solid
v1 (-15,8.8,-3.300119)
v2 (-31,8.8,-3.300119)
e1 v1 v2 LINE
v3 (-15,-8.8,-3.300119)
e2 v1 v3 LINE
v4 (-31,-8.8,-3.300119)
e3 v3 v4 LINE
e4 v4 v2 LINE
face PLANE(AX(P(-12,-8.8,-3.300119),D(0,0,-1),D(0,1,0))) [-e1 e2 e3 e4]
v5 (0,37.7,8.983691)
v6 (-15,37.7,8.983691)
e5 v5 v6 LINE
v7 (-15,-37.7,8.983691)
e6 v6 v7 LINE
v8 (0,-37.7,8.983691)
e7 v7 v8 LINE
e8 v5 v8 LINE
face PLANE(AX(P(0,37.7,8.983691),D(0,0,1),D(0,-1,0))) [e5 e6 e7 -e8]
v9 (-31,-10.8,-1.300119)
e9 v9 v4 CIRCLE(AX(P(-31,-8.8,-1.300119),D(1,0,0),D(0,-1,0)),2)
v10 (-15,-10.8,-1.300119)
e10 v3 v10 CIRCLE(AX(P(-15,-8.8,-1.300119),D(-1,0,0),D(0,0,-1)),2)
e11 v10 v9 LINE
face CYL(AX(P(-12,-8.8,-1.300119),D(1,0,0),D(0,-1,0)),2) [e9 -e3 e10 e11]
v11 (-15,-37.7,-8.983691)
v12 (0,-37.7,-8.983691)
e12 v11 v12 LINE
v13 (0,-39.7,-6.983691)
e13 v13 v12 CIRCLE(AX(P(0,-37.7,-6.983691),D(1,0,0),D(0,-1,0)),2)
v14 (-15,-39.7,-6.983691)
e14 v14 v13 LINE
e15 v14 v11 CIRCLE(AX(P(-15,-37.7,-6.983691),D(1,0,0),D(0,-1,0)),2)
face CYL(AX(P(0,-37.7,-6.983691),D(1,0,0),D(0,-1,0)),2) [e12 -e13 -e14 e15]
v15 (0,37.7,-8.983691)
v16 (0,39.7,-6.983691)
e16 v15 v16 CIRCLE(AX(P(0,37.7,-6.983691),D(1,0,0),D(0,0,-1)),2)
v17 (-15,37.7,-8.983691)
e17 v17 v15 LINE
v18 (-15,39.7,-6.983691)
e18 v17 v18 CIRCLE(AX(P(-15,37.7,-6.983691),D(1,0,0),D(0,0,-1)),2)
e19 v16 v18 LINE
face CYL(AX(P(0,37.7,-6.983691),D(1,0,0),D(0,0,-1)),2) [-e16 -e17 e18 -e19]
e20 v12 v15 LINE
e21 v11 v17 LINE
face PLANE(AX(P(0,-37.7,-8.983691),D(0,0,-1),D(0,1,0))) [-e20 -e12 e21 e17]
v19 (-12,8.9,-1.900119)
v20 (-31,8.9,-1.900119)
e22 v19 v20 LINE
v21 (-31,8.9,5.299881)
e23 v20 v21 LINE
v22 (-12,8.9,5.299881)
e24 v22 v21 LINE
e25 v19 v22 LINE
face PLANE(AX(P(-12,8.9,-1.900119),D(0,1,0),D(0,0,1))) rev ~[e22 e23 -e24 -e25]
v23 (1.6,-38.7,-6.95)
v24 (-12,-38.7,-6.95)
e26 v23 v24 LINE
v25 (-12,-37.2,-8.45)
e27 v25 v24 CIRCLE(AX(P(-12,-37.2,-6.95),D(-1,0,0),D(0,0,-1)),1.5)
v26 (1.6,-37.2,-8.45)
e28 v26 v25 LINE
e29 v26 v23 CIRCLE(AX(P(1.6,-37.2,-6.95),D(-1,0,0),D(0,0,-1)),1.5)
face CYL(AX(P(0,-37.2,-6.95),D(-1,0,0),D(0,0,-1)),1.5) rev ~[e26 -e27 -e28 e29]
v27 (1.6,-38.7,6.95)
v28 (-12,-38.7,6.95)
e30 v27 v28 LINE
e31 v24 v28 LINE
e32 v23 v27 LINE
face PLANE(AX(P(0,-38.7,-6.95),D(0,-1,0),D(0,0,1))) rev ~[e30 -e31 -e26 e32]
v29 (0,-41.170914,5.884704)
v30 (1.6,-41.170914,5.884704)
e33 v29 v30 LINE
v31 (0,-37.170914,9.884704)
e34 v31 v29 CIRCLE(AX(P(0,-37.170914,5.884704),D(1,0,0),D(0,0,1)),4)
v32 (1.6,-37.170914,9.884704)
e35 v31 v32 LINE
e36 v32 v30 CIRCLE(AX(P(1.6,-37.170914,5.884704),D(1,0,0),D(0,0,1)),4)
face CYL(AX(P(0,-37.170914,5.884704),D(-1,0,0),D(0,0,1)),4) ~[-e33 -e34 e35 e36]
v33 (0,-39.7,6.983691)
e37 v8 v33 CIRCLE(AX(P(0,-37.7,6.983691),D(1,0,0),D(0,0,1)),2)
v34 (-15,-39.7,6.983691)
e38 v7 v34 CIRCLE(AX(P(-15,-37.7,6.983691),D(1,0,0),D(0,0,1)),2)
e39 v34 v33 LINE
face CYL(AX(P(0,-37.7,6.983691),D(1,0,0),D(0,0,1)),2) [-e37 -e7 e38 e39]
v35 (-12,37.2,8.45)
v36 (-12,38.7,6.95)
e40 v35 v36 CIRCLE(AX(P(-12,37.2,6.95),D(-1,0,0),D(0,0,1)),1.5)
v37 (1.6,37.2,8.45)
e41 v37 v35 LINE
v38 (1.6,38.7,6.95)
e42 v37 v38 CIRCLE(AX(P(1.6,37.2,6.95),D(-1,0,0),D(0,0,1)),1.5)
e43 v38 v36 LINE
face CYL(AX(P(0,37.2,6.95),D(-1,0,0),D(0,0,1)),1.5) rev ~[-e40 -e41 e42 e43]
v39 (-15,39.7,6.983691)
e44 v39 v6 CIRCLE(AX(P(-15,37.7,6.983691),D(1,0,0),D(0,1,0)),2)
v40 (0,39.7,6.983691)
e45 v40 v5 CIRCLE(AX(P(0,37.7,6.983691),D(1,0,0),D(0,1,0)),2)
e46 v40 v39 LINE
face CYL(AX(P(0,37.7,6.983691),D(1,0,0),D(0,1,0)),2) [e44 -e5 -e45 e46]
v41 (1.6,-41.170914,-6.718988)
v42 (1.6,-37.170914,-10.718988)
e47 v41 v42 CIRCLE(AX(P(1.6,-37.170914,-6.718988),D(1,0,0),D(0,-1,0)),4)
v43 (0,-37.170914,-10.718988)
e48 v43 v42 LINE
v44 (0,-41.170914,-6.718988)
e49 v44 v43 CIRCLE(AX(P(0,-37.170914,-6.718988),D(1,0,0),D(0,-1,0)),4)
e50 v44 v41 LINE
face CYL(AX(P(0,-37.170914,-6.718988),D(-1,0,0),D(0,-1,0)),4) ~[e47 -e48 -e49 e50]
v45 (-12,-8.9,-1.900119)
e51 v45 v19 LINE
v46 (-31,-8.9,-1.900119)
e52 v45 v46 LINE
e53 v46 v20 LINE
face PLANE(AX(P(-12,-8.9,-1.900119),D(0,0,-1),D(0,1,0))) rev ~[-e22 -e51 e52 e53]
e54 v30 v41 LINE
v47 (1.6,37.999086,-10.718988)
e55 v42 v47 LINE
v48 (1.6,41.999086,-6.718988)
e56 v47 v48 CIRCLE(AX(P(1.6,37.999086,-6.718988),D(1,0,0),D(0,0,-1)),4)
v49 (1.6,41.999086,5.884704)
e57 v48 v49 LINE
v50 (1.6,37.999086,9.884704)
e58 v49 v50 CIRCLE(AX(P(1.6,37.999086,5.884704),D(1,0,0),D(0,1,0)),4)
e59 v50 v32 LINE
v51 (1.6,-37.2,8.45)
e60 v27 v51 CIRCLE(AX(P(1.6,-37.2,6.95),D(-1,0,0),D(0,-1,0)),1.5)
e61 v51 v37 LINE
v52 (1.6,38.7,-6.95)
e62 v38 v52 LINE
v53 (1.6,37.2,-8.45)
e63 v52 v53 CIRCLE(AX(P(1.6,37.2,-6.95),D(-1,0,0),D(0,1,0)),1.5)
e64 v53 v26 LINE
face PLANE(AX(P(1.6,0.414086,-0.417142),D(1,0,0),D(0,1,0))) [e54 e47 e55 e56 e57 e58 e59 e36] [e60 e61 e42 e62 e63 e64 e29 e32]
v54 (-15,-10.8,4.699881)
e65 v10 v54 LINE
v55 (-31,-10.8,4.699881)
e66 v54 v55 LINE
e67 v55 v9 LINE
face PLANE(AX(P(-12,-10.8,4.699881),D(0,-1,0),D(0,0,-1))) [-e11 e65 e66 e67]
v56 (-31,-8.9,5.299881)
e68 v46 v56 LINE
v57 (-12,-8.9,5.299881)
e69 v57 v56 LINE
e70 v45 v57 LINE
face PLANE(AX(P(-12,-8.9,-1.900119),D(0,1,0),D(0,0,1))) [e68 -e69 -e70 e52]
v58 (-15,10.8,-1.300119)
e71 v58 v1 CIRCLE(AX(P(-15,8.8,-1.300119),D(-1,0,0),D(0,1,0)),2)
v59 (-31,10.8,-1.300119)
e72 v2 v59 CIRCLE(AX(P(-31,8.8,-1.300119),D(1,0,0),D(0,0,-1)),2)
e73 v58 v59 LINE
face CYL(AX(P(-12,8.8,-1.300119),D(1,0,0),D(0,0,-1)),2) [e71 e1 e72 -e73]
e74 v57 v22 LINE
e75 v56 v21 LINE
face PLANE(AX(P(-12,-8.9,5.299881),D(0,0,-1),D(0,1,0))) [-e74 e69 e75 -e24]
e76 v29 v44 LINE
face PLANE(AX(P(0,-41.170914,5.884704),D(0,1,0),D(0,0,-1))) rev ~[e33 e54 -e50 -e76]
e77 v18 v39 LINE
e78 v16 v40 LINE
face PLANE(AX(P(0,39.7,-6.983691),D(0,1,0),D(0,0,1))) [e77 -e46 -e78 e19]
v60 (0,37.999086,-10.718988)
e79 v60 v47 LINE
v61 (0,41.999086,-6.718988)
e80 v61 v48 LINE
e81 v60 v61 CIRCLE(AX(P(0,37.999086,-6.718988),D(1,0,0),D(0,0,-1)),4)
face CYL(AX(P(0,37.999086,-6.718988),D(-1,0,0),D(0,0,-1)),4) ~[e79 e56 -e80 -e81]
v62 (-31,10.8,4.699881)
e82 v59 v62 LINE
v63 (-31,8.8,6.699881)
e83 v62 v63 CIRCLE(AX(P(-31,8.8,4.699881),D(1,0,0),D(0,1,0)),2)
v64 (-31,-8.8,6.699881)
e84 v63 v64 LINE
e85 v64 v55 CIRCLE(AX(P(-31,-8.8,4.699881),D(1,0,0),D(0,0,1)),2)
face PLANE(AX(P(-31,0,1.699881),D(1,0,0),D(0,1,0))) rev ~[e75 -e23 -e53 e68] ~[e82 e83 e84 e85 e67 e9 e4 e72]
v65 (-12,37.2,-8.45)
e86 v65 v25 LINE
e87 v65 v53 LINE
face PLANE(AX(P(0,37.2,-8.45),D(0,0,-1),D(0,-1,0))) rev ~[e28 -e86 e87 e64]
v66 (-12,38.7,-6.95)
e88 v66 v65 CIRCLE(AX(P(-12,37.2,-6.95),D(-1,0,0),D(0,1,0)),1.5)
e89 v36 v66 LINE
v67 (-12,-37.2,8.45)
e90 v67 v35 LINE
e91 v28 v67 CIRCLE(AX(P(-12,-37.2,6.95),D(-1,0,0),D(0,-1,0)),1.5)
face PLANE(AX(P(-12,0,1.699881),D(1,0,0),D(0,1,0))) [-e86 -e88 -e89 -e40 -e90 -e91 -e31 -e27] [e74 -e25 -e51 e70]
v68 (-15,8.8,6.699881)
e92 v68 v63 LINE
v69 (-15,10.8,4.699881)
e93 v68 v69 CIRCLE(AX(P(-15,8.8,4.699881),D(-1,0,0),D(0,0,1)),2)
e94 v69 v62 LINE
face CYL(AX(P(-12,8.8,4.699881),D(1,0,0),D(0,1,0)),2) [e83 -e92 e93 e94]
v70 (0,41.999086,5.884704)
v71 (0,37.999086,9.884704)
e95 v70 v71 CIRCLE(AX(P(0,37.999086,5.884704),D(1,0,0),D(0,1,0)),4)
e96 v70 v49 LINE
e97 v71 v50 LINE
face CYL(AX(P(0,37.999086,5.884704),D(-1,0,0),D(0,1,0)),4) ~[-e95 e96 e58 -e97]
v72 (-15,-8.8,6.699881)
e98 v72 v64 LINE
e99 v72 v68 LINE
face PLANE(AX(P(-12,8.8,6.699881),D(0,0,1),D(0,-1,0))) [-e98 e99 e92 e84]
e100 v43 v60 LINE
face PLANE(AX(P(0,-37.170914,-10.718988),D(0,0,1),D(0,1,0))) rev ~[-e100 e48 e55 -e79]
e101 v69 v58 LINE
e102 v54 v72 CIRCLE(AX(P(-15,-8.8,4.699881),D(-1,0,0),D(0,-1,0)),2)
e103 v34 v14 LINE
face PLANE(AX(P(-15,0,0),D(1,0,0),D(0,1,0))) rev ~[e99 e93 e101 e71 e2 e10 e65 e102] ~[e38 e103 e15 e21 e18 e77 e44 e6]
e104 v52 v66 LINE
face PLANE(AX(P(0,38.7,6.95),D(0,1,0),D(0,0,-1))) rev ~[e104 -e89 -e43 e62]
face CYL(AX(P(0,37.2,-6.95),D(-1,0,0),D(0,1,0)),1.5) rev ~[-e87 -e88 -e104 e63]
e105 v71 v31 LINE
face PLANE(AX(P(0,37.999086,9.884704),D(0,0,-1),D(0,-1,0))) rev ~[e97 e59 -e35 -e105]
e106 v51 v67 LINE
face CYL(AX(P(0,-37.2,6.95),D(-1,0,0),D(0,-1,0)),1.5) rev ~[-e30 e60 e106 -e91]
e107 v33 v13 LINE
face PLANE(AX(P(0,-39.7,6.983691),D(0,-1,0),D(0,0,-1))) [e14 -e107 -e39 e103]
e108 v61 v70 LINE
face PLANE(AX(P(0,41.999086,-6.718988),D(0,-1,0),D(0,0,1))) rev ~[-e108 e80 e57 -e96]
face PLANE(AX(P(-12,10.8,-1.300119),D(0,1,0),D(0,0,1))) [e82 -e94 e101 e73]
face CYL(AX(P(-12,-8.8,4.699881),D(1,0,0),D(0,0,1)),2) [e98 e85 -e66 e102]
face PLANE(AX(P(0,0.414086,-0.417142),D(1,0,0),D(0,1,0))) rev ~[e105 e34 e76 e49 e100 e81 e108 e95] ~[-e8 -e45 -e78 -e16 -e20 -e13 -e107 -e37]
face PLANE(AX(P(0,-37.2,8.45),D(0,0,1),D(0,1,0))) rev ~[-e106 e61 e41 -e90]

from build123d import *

# Parameters (mm, degrees)
F1_DEPTH = 13
F2_DEPTH = 1.6
F3_START = -12
F3_DEPTH = 3
F4_START = -12
F0_W     = 17.8
F0_H     = 7.2
F4_DEPTH = 19


with BuildPart() as f1:
    # F0 (on Right) → F1 (new body)
    with BuildSketch(Plane.YZ):
        with BuildLine():
            Line((37.7, 8.983691223), (-36.7, 8.983691223))
            Line((-36.7, 8.983691223), (-37.7, 8.983691223))
            ThreePointArc((-37.7, 8.983691223), (-39.1142135624, 8.3979047853), (-39.7, 6.983691223))
            Line((-39.7, 6.983691223), (-39.7, 5.983691223))
            Line((-39.7, 5.983691223), (-39.7, -6.983691223))
            ThreePointArc((-39.7, -6.983691223), (-39.1142135624, -8.3979047853), (-37.7, -8.983691223))
            Line((-37.7, -8.983691223), (37.7, -8.983691223))
            ThreePointArc((37.7, -8.983691223), (39.1142135624, -8.3979047853), (39.7, -6.983691223))
            Line((39.7, -6.983691223), (39.7, 6.983691223))
            ThreePointArc((39.7, 6.983691223), (39.1142135624, 8.3979047853), (37.7, 8.983691223))
        make_face()
        with BuildLine():
            Line((37.2, -8.45), (-37.2, -8.45))
            ThreePointArc((-37.2, -8.45), (-38.2606601718, -8.0106601718), (-38.7, -6.95))
            Line((-38.7, -6.95), (-38.7, 6.95))
            ThreePointArc((-38.7, 6.95), (-38.2606601718, 8.0106601718), (-37.2, 8.45))
            Line((-37.2, 8.45), (37.2, 8.45))
            ThreePointArc((37.2, 8.45), (38.2606601718, 8.0106601718), (38.7, 6.95))
            Line((38.7, 6.95), (38.7, -6.95))
            ThreePointArc((38.7, -6.95), (38.2606601718, -8.0106601718), (37.2, -8.45))
        make_face(mode=Mode.SUBTRACT)
    extrude(amount=-F1_DEPTH)

    # F0 (on Right) → F2 (join)
    with BuildSketch(Plane.YZ):
        with BuildLine():
            ThreePointArc((-41.17091404, -6.71898761), (-39.9993411647, -9.5474147347), (-37.17091404, -10.71898761))
            Line((-37.17091404, -10.71898761), (37.99908596, -10.71898761))
            ThreePointArc((37.99908596, -10.71898761), (40.8275130848, -9.5474147347), (41.99908596, -6.71898761))
            Line((41.99908596, -6.71898761), (41.99908596, 5.884703613))
            ThreePointArc((41.99908596, 5.884703613), (40.8275130848, 8.7131307377), (37.99908596, 9.884703613))
            Line((37.99908596, 9.884703613), (-37.17091404, 9.884703613))
            ThreePointArc((-37.17091404, 9.884703613), (-39.9993411647, 8.7131307377), (-41.17091404, 5.884703613))
            Line((-41.17091404, 5.884703613), (-41.17091404, -6.71898761))
        make_face()
        with BuildLine():
            Line((-37.7, 8.983691223), (-36.7, 8.983691223))
            Line((-36.7, 8.983691223), (37.7, 8.983691223))
            ThreePointArc((37.7, 8.983691223), (39.1142135624, 8.3979047853), (39.7, 6.983691223))
            Line((39.7, 6.983691223), (39.7, -6.983691223))
            ThreePointArc((39.7, -6.983691223), (39.1142135624, -8.3979047853), (37.7, -8.983691223))
            Line((37.7, -8.983691223), (-37.7, -8.983691223))
            ThreePointArc((-37.7, -8.983691223), (-39.1142135624, -8.3979047853), (-39.7, -6.983691223))
            Line((-39.7, -6.983691223), (-39.7, 5.983691223))
            Line((-39.7, 5.983691223), (-39.7, 6.983691223))
            ThreePointArc((-39.7, 6.983691223), (-39.1142135624, 8.3979047853), (-37.7, 8.983691223))
        make_face(mode=Mode.SUBTRACT)
        with BuildLine():
            Line((37.7, 8.983691223), (-36.7, 8.983691223))
            Line((-36.7, 8.983691223), (-37.7, 8.983691223))
            ThreePointArc((-37.7, 8.983691223), (-39.1142135624, 8.3979047853), (-39.7, 6.983691223))
            Line((-39.7, 6.983691223), (-39.7, 5.983691223))
            Line((-39.7, 5.983691223), (-39.7, -6.983691223))
            ThreePointArc((-39.7, -6.983691223), (-39.1142135624, -8.3979047853), (-37.7, -8.983691223))
            Line((-37.7, -8.983691223), (37.7, -8.983691223))
            ThreePointArc((37.7, -8.983691223), (39.1142135624, -8.3979047853), (39.7, -6.983691223))
            Line((39.7, -6.983691223), (39.7, 6.983691223))
            ThreePointArc((39.7, 6.983691223), (39.1142135624, 8.3979047853), (37.7, 8.983691223))
        make_face()
        with BuildLine():
            Line((37.2, -8.45), (-37.2, -8.45))
            ThreePointArc((-37.2, -8.45), (-38.2606601718, -8.0106601718), (-38.7, -6.95))
            Line((-38.7, -6.95), (-38.7, 6.95))
            ThreePointArc((-38.7, 6.95), (-38.2606601718, 8.0106601718), (-37.2, 8.45))
            Line((-37.2, 8.45), (37.2, 8.45))
            ThreePointArc((37.2, 8.45), (38.2606601718, 8.0106601718), (38.7, 6.95))
            Line((38.7, 6.95), (38.7, -6.95))
            ThreePointArc((38.7, -6.95), (38.2606601718, -8.0106601718), (37.2, -8.45))
        make_face(mode=Mode.SUBTRACT)
    extrude(amount=F2_DEPTH)

    # F0 (on Right) → F3 (join)
    with BuildSketch(Plane.YZ.offset(F3_START)):
        with BuildLine():
            Line((37.7, 8.983691223), (-36.7, 8.983691223))
            Line((-36.7, 8.983691223), (-37.7, 8.983691223))
            ThreePointArc((-37.7, 8.983691223), (-39.1142135624, 8.3979047853), (-39.7, 6.983691223))
            Line((-39.7, 6.983691223), (-39.7, 5.983691223))
            Line((-39.7, 5.983691223), (-39.7, -6.983691223))
            ThreePointArc((-39.7, -6.983691223), (-39.1142135624, -8.3979047853), (-37.7, -8.983691223))
            Line((-37.7, -8.983691223), (37.7, -8.983691223))
            ThreePointArc((37.7, -8.983691223), (39.1142135624, -8.3979047853), (39.7, -6.983691223))
            Line((39.7, -6.983691223), (39.7, 6.983691223))
            ThreePointArc((39.7, 6.983691223), (39.1142135624, 8.3979047853), (37.7, 8.983691223))
        make_face()
        with BuildLine():
            Line((37.2, -8.45), (-37.2, -8.45))
            ThreePointArc((-37.2, -8.45), (-38.2606601718, -8.0106601718), (-38.7, -6.95))
            Line((-38.7, -6.95), (-38.7, 6.95))
            ThreePointArc((-38.7, 6.95), (-38.2606601718, 8.0106601718), (-37.2, 8.45))
            Line((-37.2, 8.45), (37.2, 8.45))
            ThreePointArc((37.2, 8.45), (38.2606601718, 8.0106601718), (38.7, 6.95))
            Line((38.7, 6.95), (38.7, -6.95))
            ThreePointArc((38.7, -6.95), (38.2606601718, -8.0106601718), (37.2, -8.45))
        make_face(mode=Mode.SUBTRACT)
        with BuildLine():
            ThreePointArc((-38.7, -6.95), (-38.2606601718, -8.0106601718), (-37.2, -8.45))
            Line((-37.2, -8.45), (37.2, -8.45))
            ThreePointArc((37.2, -8.45), (38.2606601718, -8.0106601718), (38.7, -6.95))
            Line((38.7, -6.95), (38.7, 6.95))
            ThreePointArc((38.7, 6.95), (38.2606601718, 8.0106601718), (37.2, 8.45))
            Line((37.2, 8.45), (-37.2, 8.45))
            ThreePointArc((-37.2, 8.45), (-38.2606601718, 8.0106601718), (-38.7, 6.95))
            Line((-38.7, 6.95), (-38.7, -6.95))
        make_face()
        with BuildLine():
            ThreePointArc((10.8, -1.3001189455), (10.2142135624, -2.7143325079), (8.8, -3.3001189455))
            Line((8.8, -3.3001189455), (-8.8, -3.3001189455))
            ThreePointArc((-8.8, -3.3001189455), (-10.2142135624, -2.7143325079), (-10.8, -1.3001189455))
            Line((-10.8, -1.3001189455), (-10.8, 4.6998810545))
            ThreePointArc((-10.8, 4.6998810545), (-10.2142135624, 6.1140946168), (-8.8, 6.6998810545))
            Line((-8.8, 6.6998810545), (8.8, 6.6998810545))
            ThreePointArc((8.8, 6.6998810545), (10.2142135624, 6.1140946168), (10.8, 4.6998810545))
            Line((10.8, 4.6998810545), (10.8, -1.3001189455))
        make_face(mode=Mode.SUBTRACT)
    extrude(amount=-F3_DEPTH)

    # F0 (on Right) → F4 (join)
    with BuildSketch(Plane.YZ.offset(F4_START)):
        with BuildLine():
            Line((-8.8, -3.3001189455), (8.8, -3.3001189455))
            ThreePointArc((8.8, -3.3001189455), (10.2142135624, -2.7143325079), (10.8, -1.3001189455))
            Line((10.8, -1.3001189455), (10.8, 4.6998810545))
            ThreePointArc((10.8, 4.6998810545), (10.2142135624, 6.1140946168), (8.8, 6.6998810545))
            Line((8.8, 6.6998810545), (-8.8, 6.6998810545))
            ThreePointArc((-8.8, 6.6998810545), (-10.2142135624, 6.1140946168), (-10.8, 4.6998810545))
            Line((-10.8, 4.6998810545), (-10.8, -1.3001189455))
            ThreePointArc((-10.8, -1.3001189455), (-10.2142135624, -2.7143325079), (-8.8, -3.3001189455))
        make_face()
        with Locations((0, 1.6998810545)):
            Rectangle(F0_W, F0_H, mode=Mode.SUBTRACT)
    extrude(amount=-F4_DEPTH)


solid = f1.part
